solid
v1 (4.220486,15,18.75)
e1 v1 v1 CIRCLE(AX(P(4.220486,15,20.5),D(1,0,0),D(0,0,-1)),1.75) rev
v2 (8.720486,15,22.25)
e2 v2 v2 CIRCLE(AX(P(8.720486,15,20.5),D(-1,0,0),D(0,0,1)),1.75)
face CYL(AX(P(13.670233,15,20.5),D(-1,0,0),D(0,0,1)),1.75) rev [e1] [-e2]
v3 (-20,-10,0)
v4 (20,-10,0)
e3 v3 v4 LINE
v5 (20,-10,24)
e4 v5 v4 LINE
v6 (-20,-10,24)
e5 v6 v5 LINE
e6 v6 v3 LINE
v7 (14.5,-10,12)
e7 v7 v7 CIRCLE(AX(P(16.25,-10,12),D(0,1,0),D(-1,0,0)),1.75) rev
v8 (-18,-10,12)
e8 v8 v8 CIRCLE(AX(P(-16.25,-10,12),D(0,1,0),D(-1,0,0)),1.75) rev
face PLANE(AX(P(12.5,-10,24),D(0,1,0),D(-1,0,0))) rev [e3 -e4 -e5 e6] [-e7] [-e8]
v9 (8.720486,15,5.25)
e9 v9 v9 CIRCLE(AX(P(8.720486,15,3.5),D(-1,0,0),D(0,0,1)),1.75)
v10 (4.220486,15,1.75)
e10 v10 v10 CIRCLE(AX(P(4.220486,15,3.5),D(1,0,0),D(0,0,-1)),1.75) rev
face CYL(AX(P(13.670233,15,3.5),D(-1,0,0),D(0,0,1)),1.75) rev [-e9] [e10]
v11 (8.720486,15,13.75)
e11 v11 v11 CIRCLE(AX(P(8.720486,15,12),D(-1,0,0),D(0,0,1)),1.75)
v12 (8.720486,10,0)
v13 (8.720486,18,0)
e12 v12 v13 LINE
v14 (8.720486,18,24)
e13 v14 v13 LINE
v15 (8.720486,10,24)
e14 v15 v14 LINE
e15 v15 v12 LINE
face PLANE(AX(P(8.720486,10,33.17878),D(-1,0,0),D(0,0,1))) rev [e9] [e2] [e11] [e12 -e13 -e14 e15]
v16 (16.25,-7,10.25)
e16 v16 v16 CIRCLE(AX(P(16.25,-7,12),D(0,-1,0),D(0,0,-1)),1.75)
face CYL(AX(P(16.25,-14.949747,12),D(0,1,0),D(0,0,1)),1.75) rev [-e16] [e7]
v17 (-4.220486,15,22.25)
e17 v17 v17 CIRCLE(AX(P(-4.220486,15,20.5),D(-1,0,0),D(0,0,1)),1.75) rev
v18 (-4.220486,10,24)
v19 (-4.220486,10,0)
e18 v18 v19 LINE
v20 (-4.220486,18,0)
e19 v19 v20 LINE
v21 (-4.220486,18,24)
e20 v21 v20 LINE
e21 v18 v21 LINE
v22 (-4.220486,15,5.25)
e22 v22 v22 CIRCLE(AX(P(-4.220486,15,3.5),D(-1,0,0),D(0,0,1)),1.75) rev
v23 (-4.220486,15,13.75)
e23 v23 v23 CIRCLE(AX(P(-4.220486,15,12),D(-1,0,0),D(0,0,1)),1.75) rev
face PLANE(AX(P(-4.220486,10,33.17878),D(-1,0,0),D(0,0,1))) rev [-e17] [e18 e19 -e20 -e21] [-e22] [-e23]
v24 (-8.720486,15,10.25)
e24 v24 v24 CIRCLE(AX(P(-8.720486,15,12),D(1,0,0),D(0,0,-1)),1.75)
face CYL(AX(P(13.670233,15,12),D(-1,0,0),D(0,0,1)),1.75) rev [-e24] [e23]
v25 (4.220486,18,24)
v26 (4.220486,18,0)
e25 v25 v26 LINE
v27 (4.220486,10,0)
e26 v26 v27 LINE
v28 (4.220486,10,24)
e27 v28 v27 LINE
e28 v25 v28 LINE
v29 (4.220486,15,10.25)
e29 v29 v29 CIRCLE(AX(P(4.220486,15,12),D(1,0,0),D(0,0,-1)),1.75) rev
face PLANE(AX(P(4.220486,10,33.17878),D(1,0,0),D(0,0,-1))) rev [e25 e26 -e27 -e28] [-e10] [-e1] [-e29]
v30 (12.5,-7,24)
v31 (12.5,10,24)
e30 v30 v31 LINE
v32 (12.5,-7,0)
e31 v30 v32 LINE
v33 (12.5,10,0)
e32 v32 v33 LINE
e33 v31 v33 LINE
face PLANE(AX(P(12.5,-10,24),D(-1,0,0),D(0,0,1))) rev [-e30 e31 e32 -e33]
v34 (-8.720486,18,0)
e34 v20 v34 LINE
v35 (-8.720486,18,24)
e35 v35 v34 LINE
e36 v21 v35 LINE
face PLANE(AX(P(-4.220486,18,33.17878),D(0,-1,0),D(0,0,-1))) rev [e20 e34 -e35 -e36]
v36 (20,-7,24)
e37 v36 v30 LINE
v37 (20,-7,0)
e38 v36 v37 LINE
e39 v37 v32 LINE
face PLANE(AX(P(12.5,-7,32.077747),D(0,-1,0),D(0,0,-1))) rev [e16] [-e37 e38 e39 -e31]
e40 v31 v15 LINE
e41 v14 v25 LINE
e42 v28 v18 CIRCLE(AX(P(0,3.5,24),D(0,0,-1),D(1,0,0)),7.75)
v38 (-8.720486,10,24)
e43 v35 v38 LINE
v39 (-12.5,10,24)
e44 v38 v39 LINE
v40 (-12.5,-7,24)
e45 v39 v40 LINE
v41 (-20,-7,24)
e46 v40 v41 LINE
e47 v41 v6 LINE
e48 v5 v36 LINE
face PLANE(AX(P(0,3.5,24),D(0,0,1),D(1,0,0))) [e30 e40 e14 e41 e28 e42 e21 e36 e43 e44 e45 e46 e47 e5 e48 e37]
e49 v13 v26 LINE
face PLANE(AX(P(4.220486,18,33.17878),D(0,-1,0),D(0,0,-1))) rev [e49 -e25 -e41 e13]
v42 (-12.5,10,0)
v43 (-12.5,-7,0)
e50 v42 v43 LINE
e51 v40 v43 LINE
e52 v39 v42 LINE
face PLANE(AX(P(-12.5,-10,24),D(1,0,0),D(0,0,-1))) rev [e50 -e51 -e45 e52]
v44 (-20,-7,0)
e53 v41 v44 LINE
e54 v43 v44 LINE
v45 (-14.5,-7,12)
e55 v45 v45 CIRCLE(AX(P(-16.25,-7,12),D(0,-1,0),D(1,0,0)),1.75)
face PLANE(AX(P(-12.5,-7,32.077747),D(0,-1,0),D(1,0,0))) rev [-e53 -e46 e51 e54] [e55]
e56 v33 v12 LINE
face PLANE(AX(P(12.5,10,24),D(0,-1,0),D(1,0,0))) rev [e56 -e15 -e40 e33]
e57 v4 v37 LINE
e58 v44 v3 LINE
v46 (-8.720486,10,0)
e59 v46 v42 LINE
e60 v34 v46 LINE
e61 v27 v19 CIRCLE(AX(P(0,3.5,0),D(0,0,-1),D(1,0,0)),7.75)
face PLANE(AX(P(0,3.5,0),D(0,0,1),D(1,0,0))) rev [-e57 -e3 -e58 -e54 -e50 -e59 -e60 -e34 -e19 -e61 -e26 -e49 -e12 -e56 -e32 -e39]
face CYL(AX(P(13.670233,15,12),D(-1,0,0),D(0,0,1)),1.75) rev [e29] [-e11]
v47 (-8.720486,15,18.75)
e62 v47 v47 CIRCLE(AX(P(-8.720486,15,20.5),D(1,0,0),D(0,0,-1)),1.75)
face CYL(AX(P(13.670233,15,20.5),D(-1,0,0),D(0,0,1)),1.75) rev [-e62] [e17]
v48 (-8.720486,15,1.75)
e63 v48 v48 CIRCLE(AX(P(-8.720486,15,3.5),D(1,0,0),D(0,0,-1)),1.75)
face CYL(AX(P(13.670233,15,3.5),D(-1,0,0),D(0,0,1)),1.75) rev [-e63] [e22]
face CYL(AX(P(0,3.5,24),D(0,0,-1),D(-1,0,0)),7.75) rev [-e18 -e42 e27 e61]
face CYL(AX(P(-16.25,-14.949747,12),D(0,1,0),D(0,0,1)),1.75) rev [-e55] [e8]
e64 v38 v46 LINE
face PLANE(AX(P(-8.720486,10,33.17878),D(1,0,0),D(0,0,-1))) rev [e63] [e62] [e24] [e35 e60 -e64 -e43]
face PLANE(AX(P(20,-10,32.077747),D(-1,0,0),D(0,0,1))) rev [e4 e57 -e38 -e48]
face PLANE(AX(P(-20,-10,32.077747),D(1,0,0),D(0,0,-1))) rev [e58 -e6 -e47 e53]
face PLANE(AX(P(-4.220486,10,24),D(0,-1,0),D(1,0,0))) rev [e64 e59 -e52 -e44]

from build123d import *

# Parameters (mm, degrees)
SALIENTE_EXTRUIR2_DEPTH = 24
CROQUIS2_W              = 4.5
CROQUIS2_H              = 8
SALIENTE_EXTRUIR3_DEPTH = 24
CROQUIS3_W              = 7.5
CROQUIS3_H              = 3
SALIENTE_EXTRUIR4_DEPTH = 24
CORTAR_EXTRUIR1_START   = -8.720486
CROQUIS4_R              = 1.75
CORTAR_EXTRUIR1_DEPTH   = 17.440972
CROQUIS5_R              = 1.75
CORTAR_EXTRUIR2_DEPTH   = 10


with BuildPart() as part:
    # Croquis1 → Saliente-Extruir2 (new body)
    with BuildSketch(Plane.XY):
        with BuildLine():
            Line((-4.220485754, 10), (-12.5, 10))
            Line((-12.5, 10), (-12.5, -10))
            Line((-12.5, -10), (12.5, -10))
            Line((12.5, -10), (12.5, 10))
            Line((12.5, 10), (4.220485754, 10))
            ThreePointArc((4.220485754, 10), (0, -4.25), (-4.220485754, 10))
        make_face()
    extrude(amount=SALIENTE_EXTRUIR2_DEPTH)

    # Croquis2 → Saliente-Extruir3 (add)
    with BuildSketch(Plane.XY):
        with Locations((-6.470485754, 14)):
            Rectangle(CROQUIS2_W, CROQUIS2_H)
        with Locations((6.470485754, 14)):
            Rectangle(CROQUIS2_W, CROQUIS2_H)
    extrude(amount=SALIENTE_EXTRUIR3_DEPTH)

    # Croquis3 → Saliente-Extruir4 (add)
    with BuildSketch(Plane.XY):
        with Locations((-16.25, -8.5)):
            Rectangle(CROQUIS3_W, CROQUIS3_H)
        with Locations((16.25, -8.5)):
            Rectangle(CROQUIS3_W, CROQUIS3_H)
    extrude(amount=SALIENTE_EXTRUIR4_DEPTH)

    # Croquis4 → Cortar-Extruir1 (cut)
    with BuildSketch(Plane(origin=(0, 0, 0), x_dir=(0, 0, -1), z_dir=(1, 0, 0)).offset(CORTAR_EXTRUIR1_START)):
        with Locations((-20.5, 15)):
            Circle(CROQUIS4_R)
        with Locations((-12, 15)):
            Circle(CROQUIS4_R)
        with Locations((-3.5, 15)):
            Circle(CROQUIS4_R)
    extrude(amount=CORTAR_EXTRUIR1_DEPTH, mode=Mode.SUBTRACT)

    # Croquis5 → Cortar-Extruir2 (cut)
    with BuildSketch(Plane(origin=(0, 0, 0), x_dir=(1, 0, 0), z_dir=(0, 1, 0))):
        with Locations((-16.25, -12)):
            Circle(CROQUIS5_R)
        with Locations((16.25, -12)):
            Circle(CROQUIS5_R)
    extrude(amount=-CORTAR_EXTRUIR2_DEPTH, mode=Mode.SUBTRACT)


solid = part.part
